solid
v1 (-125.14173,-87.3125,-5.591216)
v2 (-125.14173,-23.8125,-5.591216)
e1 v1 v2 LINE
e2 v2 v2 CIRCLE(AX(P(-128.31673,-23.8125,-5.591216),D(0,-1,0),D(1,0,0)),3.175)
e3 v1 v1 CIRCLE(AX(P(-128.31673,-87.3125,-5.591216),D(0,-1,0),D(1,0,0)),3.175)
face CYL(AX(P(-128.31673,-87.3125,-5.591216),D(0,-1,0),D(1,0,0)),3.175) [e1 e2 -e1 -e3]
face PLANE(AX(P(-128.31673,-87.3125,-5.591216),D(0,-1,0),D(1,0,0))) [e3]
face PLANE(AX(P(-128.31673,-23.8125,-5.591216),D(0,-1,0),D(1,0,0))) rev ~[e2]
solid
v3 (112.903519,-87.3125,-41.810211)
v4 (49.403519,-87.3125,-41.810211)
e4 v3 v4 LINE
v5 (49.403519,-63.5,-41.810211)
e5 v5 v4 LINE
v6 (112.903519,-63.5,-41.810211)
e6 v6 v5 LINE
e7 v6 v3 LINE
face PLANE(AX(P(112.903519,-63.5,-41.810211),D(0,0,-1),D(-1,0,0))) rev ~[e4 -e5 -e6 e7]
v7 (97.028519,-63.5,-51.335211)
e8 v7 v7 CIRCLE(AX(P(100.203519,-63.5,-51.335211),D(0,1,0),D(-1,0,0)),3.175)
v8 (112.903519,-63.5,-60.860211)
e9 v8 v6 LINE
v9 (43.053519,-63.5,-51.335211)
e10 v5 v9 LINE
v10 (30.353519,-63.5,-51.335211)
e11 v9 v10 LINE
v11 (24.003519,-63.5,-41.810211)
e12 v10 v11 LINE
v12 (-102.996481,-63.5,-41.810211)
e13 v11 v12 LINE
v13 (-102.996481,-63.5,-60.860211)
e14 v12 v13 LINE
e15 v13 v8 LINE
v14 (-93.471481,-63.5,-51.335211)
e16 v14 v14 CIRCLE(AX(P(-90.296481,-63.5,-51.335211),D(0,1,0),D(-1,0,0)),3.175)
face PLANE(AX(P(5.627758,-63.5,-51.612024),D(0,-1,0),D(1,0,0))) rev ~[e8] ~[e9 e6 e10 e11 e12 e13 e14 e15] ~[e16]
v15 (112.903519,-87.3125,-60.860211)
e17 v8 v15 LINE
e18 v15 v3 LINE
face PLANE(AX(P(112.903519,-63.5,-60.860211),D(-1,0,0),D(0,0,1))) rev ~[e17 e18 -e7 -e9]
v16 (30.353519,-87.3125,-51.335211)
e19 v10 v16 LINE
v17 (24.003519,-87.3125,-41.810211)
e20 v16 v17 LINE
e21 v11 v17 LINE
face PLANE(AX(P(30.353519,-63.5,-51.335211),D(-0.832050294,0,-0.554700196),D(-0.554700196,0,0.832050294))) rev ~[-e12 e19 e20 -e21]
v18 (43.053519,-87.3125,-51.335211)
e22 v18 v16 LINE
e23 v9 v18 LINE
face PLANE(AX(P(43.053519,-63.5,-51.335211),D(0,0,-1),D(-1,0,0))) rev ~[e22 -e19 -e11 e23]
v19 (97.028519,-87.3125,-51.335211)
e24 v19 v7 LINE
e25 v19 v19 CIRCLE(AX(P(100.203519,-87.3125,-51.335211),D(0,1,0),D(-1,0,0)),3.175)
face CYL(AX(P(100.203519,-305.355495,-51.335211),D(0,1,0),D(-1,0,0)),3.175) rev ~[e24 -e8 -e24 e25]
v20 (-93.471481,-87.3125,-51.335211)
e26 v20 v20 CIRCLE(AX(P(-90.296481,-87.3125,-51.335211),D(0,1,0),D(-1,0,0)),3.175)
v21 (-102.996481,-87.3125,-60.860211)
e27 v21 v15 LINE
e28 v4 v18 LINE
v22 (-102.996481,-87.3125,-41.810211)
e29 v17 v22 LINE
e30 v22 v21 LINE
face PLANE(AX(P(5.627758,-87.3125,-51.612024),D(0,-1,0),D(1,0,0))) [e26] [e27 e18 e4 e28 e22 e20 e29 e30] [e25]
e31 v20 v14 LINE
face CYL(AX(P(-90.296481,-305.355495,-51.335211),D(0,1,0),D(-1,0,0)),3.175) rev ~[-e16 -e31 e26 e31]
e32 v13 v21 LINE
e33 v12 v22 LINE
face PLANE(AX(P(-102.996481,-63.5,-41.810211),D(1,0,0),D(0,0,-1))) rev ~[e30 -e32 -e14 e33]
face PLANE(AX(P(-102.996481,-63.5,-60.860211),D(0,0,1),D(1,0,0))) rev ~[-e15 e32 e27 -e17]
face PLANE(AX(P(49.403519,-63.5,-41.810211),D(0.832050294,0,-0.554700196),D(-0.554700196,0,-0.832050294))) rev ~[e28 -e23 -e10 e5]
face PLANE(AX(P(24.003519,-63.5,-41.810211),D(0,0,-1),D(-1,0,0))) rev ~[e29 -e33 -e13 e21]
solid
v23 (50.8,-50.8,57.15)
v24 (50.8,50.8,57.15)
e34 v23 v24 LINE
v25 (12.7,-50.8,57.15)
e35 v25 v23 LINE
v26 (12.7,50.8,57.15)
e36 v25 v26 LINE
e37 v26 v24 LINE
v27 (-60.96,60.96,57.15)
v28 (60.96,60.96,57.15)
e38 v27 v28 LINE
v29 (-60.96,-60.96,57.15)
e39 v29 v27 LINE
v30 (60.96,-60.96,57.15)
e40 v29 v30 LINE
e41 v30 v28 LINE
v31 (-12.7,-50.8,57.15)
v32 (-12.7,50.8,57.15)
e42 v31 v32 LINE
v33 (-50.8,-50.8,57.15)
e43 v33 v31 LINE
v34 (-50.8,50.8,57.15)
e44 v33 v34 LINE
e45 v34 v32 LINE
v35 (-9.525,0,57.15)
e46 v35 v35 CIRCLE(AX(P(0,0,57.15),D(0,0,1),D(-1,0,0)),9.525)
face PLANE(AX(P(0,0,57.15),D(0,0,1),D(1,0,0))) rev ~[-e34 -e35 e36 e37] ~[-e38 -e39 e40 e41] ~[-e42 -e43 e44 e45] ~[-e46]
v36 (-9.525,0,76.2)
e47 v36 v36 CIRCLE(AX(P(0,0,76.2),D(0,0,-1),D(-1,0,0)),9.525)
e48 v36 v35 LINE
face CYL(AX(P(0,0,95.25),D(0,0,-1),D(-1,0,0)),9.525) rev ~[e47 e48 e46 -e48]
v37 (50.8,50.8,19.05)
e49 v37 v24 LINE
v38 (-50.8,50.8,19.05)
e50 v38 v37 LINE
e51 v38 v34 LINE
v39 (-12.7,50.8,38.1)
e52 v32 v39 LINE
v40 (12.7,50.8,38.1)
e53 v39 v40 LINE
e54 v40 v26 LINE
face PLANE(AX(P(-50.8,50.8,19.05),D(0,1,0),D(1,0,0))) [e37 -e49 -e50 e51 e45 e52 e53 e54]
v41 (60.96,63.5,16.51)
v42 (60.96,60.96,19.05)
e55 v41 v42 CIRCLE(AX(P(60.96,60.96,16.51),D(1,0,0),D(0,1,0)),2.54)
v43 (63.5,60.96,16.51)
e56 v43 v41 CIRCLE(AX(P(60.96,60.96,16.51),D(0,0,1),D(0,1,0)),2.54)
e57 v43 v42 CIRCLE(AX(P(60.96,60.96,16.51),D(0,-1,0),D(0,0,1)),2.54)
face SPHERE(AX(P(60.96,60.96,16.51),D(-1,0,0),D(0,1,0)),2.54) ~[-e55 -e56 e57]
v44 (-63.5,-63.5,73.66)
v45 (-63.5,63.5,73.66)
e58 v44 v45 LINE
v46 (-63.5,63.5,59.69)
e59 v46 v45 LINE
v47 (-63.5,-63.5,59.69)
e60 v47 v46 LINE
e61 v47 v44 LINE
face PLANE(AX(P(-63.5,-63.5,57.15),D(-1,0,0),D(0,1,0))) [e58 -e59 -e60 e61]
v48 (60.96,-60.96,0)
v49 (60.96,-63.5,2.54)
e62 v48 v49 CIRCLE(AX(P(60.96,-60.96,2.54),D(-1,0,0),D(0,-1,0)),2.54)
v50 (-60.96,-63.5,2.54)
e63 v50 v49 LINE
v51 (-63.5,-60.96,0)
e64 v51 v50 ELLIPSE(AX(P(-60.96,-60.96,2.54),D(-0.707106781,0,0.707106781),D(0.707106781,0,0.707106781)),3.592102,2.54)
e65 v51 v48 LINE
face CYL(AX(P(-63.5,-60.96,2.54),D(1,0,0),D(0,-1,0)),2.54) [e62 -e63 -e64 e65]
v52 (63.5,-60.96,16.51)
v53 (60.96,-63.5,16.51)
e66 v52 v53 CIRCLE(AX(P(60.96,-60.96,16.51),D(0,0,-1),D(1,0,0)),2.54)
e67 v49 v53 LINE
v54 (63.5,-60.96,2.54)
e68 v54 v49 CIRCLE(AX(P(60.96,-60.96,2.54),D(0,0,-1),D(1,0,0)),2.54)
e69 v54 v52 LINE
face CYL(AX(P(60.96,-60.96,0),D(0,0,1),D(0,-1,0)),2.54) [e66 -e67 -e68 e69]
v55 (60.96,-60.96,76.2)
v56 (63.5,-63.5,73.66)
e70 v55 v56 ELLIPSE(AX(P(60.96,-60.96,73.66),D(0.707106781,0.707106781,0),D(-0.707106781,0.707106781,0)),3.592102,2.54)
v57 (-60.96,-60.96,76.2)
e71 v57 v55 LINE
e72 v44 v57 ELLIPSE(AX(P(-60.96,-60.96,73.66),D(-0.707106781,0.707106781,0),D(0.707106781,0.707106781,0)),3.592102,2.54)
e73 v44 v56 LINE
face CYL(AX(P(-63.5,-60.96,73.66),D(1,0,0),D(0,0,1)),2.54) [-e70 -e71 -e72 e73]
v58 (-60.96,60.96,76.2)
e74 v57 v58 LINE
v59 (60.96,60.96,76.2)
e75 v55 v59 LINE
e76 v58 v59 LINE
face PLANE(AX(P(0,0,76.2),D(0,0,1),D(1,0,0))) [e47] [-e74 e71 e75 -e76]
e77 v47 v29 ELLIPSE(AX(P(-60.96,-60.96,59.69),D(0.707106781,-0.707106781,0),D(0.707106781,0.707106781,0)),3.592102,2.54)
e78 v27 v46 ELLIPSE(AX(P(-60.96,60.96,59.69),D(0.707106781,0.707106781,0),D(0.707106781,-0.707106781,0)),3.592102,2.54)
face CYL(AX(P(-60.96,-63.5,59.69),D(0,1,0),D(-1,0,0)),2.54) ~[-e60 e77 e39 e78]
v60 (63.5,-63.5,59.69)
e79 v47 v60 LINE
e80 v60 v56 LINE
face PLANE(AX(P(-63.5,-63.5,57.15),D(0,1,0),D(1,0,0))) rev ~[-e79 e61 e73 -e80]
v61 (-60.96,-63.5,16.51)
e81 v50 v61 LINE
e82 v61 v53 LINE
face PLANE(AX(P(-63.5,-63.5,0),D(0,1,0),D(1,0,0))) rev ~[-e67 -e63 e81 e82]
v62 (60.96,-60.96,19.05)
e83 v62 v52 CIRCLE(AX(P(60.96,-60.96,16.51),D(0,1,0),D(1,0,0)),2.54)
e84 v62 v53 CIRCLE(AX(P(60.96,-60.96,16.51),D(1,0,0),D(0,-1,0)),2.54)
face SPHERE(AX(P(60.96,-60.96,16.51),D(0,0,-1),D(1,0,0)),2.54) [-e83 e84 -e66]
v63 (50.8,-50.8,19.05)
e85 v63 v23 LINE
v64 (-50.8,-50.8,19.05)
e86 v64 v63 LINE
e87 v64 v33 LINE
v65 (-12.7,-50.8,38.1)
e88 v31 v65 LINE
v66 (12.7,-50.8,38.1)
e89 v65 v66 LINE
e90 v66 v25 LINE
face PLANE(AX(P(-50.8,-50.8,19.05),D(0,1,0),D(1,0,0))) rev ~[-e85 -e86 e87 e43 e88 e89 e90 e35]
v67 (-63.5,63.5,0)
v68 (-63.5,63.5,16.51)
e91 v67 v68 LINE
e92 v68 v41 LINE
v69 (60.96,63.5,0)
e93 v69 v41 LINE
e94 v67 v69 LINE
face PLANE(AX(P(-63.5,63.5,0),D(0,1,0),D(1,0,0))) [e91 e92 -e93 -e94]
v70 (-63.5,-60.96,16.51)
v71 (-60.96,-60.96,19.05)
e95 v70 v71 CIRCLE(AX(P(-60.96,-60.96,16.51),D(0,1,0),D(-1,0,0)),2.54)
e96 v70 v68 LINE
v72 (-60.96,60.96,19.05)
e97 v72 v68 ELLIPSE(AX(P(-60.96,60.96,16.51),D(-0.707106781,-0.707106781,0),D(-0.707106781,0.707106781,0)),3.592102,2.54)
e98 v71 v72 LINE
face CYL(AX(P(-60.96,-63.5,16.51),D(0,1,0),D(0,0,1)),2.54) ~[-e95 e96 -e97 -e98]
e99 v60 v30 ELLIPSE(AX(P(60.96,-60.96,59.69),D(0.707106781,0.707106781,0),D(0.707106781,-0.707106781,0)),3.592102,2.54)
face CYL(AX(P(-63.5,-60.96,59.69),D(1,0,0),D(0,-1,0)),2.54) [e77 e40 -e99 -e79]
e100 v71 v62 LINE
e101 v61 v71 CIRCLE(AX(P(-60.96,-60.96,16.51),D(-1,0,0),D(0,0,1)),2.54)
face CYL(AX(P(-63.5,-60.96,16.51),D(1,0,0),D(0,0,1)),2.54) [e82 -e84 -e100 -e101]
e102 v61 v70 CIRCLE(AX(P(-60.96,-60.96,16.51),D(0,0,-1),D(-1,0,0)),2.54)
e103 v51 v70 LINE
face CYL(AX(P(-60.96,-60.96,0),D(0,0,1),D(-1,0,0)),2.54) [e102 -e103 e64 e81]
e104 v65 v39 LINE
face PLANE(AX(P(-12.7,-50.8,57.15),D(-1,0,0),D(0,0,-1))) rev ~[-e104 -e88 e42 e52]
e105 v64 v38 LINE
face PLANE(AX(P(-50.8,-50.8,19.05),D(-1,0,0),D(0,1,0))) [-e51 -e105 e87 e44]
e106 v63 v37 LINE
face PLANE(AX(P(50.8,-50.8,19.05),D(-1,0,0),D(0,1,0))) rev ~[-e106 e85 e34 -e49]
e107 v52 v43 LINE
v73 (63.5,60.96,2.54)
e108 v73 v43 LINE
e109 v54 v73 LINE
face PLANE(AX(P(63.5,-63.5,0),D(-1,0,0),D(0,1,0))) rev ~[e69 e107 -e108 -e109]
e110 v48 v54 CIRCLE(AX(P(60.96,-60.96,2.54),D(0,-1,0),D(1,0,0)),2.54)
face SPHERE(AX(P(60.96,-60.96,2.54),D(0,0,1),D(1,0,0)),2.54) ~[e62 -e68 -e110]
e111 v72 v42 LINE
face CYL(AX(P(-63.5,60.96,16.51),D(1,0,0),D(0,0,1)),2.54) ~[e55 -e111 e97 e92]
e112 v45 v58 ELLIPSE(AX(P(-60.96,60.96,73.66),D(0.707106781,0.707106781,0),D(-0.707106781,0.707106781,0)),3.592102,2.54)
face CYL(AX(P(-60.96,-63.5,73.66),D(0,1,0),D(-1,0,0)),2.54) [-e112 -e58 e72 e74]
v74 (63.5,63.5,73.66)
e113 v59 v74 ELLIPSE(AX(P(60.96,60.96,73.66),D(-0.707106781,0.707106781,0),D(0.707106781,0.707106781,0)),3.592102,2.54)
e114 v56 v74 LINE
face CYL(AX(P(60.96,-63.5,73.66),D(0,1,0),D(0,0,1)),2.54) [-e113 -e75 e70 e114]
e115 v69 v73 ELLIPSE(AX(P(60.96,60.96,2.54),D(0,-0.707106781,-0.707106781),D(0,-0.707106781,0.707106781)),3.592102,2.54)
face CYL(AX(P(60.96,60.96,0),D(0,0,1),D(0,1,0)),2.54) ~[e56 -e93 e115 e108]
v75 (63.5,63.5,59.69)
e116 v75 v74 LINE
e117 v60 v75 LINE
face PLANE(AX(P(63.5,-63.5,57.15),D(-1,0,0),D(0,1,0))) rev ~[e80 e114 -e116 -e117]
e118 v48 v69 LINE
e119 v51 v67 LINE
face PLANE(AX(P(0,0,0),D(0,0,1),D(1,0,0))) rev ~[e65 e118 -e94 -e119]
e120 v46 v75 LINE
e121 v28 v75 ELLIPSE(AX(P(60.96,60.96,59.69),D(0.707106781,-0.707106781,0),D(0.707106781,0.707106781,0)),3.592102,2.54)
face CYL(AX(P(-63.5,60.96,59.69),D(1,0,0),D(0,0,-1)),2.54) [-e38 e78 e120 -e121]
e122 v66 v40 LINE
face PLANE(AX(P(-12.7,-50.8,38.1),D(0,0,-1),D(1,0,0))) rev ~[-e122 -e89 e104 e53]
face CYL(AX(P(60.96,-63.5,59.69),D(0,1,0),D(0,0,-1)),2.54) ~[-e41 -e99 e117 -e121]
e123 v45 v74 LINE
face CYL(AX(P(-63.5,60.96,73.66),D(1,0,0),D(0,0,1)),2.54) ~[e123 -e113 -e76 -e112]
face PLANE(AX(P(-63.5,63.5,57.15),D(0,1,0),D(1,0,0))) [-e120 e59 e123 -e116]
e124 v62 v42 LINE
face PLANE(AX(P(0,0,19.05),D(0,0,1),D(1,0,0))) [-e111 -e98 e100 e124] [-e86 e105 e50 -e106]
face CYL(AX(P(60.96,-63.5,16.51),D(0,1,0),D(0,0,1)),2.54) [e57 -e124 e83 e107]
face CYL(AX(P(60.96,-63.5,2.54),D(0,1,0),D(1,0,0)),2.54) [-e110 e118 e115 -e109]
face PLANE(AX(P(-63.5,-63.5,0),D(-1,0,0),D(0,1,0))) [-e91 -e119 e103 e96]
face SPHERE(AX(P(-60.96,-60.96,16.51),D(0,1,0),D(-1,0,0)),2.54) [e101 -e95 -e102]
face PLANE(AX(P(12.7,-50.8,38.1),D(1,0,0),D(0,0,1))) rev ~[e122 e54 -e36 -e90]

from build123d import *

# Parameters (mm, degrees)
F0_W      = 127
F0_H      = 127
F1_DEPTH  = 19.05
F2_W      = 101.6
F2_H      = 101.6
F3_DEPTH  = 38.1
F4_W      = 127
F4_H      = 127
F4_W_2    = 101.6
F4_H_2    = 101.6
F5_DEPTH  = 19.05
F7_DEPTH  = 101.6
F9_D      = 19.05
F9_DEPTH  = 19.05
F9_TIP    = 5.7231973962
F10_R     = 2.54
F11_R     = 2.54
F12_R     = 2.54
F14_DEPTH = 23.8125
F16_D     = 6.35
F17_R     = 3.175
F18_DEPTH = 63.5
F20_DEPTH = 101.6
F21_R     = 31.75
F22_DEPTH = 38.1


with BuildPart() as f1:
    # F0 (on Top) → F1 (new body)
    with BuildSketch(Plane.XY):
        Rectangle(F0_W, F0_H)
    extrude(amount=F1_DEPTH)

    # F2 (on face) → F3 (join)
    with BuildSketch(Plane.XY.offset(19.05)):
        Rectangle(F2_W, F2_H)
    extrude(amount=F3_DEPTH)

    # F4 (on face) → F5 (join)
    with BuildSketch(Plane.XY.offset(57.15)):
        Rectangle(F4_W, F4_H)
        Rectangle(F4_W_2, F4_H_2, mode=Mode.SUBTRACT)
        Rectangle(F4_W_2, F4_H_2)
    extrude(amount=F5_DEPTH)

    # F6 (on face) → F7 (cut)
    with BuildSketch(Plane.XZ.offset(50.8)):
        Polygon((-12.7, 38.1), (0, 38.1), (12.7, 38.1), (12.7, 57.15), (-12.7, 57.15), align=None)
    extrude(amount=-F7_DEPTH, mode=Mode.SUBTRACT)

    # F9
    with Locations(Plane.XY.offset(76.2)):
        with Locations((0, 0)):
            Hole(F9_D / 2, depth=F9_DEPTH)
            with Locations((0, 0, -(F9_DEPTH + F9_TIP / 2))):  # 118° drill point
                Cone(0, F9_D / 2, F9_TIP, mode=Mode.SUBTRACT)

    # F10
    f10_edges = [f1.edges().sort_by_distance(p)[0] for p in [
        (-63.5, 0, 76.2),
        (0, 63.5, 76.2),
        (63.5, 0, 76.2),
        (0, -63.5, 76.2),
    ]]
    fillet(f10_edges, radius=F10_R)

    # F11
    f11_edges = [f1.edges().sort_by_distance(p)[0] for p in [
        (0, -63.5, 57.15),
        (63.5, 0, 57.15),
        (0, 63.5, 57.15),
        (-63.5, 0, 57.15),
    ]]
    fillet(f11_edges, radius=F11_R)

    # F12
    f12_edges = [f1.edges().sort_by_distance(p)[0] for p in [
        (-63.5, 0, 19.05),
        (0, 63.5, 19.05),
        (63.5, -63.5, 9.525),
        (63.5, 63.5, 9.525),
        (63.5, 0, 0),
        (63.5, 0, 19.05),
        (-63.5, -63.5, 9.525),
        (0, -63.5, 0),
        (0, -63.5, 19.05),
    ]]
    fillet(f12_edges, radius=F12_R)


with BuildPart() as f14:
    # F13 (on face) → F14 (new body)
    with BuildSketch(Plane.XZ.offset(63.5)):
        Polygon((-102.9964814901, -41.8102111943), (-102.9964814901, -60.8602111943), (112.9035185099, -60.8602111943), (112.9035185099, -41.8102111943), (49.4035185099, -41.8102111943), (43.0535185099, -51.3352111943), (36.7035185099, -51.3352111943), (30.3535185099, -51.3352111943), (24.0035185099, -41.8102111943), align=None)
    extrude(amount=F14_DEPTH)

    # F16 (through all)
    with Locations(Plane.XZ.offset(87.3125)):
        with Locations((-90.2964814901, -51.3352111943), (100.2035185099, -51.3352111943)):
            Hole(F16_D / 2)


with BuildPart() as f18:
    # F17 (on face) → F18 (new body)
    with BuildSketch(Plane.XZ.offset(87.3125)):
        with Locations((-128.3167302608, -5.5912164971)):
            Circle(F17_R)
    extrude(amount=-F18_DEPTH)


with BuildPart() as f20:
    # F19 (on Top) → F20 (new body)
    with BuildSketch(Plane.XY):
        with BuildLine():
            Line((-82.8644239783, -340.8923311382), (-44.7644239783, -340.8923311382))
            ThreePointArc((-44.7644239783, -340.8923311382), (-31.2940397967, -335.3127153198), (-25.7144239783, -321.8423311382))
            Line((-25.7144239783, -321.8423311382), (-25.7144239783, -283.7423311382))
            ThreePointArc((-25.7144239783, -283.7423311382), (-31.2940397967, -270.2719469566), (-44.7644239783, -264.6923311382))
            Line((-44.7644239783, -264.6923311382), (-82.8644239783, -264.6923311382))
            ThreePointArc((-82.8644239783, -264.6923311382), (-96.3348081599, -270.2719469566), (-101.9144239783, -283.7423311382))
            Line((-101.9144239783, -283.7423311382), (-101.9144239783, -321.8423311382))
            ThreePointArc((-101.9144239783, -321.8423311382), (-96.3348081599, -335.3127153198), (-82.8644239783, -340.8923311382))
        make_face()
    extrude(amount=F20_DEPTH)

    # F21 (on face) → F22 (join)
    with BuildSketch(Plane(origin=(0, 0, 0), x_dir=(1, 0, 0), z_dir=(0, 0, -1))):
        with Locations((-63.8144239783, 302.7923311382)):
            Circle(F21_R)
    extrude(amount=F22_DEPTH)


solid = Compound([f1.part, f14.part, f18.part])
